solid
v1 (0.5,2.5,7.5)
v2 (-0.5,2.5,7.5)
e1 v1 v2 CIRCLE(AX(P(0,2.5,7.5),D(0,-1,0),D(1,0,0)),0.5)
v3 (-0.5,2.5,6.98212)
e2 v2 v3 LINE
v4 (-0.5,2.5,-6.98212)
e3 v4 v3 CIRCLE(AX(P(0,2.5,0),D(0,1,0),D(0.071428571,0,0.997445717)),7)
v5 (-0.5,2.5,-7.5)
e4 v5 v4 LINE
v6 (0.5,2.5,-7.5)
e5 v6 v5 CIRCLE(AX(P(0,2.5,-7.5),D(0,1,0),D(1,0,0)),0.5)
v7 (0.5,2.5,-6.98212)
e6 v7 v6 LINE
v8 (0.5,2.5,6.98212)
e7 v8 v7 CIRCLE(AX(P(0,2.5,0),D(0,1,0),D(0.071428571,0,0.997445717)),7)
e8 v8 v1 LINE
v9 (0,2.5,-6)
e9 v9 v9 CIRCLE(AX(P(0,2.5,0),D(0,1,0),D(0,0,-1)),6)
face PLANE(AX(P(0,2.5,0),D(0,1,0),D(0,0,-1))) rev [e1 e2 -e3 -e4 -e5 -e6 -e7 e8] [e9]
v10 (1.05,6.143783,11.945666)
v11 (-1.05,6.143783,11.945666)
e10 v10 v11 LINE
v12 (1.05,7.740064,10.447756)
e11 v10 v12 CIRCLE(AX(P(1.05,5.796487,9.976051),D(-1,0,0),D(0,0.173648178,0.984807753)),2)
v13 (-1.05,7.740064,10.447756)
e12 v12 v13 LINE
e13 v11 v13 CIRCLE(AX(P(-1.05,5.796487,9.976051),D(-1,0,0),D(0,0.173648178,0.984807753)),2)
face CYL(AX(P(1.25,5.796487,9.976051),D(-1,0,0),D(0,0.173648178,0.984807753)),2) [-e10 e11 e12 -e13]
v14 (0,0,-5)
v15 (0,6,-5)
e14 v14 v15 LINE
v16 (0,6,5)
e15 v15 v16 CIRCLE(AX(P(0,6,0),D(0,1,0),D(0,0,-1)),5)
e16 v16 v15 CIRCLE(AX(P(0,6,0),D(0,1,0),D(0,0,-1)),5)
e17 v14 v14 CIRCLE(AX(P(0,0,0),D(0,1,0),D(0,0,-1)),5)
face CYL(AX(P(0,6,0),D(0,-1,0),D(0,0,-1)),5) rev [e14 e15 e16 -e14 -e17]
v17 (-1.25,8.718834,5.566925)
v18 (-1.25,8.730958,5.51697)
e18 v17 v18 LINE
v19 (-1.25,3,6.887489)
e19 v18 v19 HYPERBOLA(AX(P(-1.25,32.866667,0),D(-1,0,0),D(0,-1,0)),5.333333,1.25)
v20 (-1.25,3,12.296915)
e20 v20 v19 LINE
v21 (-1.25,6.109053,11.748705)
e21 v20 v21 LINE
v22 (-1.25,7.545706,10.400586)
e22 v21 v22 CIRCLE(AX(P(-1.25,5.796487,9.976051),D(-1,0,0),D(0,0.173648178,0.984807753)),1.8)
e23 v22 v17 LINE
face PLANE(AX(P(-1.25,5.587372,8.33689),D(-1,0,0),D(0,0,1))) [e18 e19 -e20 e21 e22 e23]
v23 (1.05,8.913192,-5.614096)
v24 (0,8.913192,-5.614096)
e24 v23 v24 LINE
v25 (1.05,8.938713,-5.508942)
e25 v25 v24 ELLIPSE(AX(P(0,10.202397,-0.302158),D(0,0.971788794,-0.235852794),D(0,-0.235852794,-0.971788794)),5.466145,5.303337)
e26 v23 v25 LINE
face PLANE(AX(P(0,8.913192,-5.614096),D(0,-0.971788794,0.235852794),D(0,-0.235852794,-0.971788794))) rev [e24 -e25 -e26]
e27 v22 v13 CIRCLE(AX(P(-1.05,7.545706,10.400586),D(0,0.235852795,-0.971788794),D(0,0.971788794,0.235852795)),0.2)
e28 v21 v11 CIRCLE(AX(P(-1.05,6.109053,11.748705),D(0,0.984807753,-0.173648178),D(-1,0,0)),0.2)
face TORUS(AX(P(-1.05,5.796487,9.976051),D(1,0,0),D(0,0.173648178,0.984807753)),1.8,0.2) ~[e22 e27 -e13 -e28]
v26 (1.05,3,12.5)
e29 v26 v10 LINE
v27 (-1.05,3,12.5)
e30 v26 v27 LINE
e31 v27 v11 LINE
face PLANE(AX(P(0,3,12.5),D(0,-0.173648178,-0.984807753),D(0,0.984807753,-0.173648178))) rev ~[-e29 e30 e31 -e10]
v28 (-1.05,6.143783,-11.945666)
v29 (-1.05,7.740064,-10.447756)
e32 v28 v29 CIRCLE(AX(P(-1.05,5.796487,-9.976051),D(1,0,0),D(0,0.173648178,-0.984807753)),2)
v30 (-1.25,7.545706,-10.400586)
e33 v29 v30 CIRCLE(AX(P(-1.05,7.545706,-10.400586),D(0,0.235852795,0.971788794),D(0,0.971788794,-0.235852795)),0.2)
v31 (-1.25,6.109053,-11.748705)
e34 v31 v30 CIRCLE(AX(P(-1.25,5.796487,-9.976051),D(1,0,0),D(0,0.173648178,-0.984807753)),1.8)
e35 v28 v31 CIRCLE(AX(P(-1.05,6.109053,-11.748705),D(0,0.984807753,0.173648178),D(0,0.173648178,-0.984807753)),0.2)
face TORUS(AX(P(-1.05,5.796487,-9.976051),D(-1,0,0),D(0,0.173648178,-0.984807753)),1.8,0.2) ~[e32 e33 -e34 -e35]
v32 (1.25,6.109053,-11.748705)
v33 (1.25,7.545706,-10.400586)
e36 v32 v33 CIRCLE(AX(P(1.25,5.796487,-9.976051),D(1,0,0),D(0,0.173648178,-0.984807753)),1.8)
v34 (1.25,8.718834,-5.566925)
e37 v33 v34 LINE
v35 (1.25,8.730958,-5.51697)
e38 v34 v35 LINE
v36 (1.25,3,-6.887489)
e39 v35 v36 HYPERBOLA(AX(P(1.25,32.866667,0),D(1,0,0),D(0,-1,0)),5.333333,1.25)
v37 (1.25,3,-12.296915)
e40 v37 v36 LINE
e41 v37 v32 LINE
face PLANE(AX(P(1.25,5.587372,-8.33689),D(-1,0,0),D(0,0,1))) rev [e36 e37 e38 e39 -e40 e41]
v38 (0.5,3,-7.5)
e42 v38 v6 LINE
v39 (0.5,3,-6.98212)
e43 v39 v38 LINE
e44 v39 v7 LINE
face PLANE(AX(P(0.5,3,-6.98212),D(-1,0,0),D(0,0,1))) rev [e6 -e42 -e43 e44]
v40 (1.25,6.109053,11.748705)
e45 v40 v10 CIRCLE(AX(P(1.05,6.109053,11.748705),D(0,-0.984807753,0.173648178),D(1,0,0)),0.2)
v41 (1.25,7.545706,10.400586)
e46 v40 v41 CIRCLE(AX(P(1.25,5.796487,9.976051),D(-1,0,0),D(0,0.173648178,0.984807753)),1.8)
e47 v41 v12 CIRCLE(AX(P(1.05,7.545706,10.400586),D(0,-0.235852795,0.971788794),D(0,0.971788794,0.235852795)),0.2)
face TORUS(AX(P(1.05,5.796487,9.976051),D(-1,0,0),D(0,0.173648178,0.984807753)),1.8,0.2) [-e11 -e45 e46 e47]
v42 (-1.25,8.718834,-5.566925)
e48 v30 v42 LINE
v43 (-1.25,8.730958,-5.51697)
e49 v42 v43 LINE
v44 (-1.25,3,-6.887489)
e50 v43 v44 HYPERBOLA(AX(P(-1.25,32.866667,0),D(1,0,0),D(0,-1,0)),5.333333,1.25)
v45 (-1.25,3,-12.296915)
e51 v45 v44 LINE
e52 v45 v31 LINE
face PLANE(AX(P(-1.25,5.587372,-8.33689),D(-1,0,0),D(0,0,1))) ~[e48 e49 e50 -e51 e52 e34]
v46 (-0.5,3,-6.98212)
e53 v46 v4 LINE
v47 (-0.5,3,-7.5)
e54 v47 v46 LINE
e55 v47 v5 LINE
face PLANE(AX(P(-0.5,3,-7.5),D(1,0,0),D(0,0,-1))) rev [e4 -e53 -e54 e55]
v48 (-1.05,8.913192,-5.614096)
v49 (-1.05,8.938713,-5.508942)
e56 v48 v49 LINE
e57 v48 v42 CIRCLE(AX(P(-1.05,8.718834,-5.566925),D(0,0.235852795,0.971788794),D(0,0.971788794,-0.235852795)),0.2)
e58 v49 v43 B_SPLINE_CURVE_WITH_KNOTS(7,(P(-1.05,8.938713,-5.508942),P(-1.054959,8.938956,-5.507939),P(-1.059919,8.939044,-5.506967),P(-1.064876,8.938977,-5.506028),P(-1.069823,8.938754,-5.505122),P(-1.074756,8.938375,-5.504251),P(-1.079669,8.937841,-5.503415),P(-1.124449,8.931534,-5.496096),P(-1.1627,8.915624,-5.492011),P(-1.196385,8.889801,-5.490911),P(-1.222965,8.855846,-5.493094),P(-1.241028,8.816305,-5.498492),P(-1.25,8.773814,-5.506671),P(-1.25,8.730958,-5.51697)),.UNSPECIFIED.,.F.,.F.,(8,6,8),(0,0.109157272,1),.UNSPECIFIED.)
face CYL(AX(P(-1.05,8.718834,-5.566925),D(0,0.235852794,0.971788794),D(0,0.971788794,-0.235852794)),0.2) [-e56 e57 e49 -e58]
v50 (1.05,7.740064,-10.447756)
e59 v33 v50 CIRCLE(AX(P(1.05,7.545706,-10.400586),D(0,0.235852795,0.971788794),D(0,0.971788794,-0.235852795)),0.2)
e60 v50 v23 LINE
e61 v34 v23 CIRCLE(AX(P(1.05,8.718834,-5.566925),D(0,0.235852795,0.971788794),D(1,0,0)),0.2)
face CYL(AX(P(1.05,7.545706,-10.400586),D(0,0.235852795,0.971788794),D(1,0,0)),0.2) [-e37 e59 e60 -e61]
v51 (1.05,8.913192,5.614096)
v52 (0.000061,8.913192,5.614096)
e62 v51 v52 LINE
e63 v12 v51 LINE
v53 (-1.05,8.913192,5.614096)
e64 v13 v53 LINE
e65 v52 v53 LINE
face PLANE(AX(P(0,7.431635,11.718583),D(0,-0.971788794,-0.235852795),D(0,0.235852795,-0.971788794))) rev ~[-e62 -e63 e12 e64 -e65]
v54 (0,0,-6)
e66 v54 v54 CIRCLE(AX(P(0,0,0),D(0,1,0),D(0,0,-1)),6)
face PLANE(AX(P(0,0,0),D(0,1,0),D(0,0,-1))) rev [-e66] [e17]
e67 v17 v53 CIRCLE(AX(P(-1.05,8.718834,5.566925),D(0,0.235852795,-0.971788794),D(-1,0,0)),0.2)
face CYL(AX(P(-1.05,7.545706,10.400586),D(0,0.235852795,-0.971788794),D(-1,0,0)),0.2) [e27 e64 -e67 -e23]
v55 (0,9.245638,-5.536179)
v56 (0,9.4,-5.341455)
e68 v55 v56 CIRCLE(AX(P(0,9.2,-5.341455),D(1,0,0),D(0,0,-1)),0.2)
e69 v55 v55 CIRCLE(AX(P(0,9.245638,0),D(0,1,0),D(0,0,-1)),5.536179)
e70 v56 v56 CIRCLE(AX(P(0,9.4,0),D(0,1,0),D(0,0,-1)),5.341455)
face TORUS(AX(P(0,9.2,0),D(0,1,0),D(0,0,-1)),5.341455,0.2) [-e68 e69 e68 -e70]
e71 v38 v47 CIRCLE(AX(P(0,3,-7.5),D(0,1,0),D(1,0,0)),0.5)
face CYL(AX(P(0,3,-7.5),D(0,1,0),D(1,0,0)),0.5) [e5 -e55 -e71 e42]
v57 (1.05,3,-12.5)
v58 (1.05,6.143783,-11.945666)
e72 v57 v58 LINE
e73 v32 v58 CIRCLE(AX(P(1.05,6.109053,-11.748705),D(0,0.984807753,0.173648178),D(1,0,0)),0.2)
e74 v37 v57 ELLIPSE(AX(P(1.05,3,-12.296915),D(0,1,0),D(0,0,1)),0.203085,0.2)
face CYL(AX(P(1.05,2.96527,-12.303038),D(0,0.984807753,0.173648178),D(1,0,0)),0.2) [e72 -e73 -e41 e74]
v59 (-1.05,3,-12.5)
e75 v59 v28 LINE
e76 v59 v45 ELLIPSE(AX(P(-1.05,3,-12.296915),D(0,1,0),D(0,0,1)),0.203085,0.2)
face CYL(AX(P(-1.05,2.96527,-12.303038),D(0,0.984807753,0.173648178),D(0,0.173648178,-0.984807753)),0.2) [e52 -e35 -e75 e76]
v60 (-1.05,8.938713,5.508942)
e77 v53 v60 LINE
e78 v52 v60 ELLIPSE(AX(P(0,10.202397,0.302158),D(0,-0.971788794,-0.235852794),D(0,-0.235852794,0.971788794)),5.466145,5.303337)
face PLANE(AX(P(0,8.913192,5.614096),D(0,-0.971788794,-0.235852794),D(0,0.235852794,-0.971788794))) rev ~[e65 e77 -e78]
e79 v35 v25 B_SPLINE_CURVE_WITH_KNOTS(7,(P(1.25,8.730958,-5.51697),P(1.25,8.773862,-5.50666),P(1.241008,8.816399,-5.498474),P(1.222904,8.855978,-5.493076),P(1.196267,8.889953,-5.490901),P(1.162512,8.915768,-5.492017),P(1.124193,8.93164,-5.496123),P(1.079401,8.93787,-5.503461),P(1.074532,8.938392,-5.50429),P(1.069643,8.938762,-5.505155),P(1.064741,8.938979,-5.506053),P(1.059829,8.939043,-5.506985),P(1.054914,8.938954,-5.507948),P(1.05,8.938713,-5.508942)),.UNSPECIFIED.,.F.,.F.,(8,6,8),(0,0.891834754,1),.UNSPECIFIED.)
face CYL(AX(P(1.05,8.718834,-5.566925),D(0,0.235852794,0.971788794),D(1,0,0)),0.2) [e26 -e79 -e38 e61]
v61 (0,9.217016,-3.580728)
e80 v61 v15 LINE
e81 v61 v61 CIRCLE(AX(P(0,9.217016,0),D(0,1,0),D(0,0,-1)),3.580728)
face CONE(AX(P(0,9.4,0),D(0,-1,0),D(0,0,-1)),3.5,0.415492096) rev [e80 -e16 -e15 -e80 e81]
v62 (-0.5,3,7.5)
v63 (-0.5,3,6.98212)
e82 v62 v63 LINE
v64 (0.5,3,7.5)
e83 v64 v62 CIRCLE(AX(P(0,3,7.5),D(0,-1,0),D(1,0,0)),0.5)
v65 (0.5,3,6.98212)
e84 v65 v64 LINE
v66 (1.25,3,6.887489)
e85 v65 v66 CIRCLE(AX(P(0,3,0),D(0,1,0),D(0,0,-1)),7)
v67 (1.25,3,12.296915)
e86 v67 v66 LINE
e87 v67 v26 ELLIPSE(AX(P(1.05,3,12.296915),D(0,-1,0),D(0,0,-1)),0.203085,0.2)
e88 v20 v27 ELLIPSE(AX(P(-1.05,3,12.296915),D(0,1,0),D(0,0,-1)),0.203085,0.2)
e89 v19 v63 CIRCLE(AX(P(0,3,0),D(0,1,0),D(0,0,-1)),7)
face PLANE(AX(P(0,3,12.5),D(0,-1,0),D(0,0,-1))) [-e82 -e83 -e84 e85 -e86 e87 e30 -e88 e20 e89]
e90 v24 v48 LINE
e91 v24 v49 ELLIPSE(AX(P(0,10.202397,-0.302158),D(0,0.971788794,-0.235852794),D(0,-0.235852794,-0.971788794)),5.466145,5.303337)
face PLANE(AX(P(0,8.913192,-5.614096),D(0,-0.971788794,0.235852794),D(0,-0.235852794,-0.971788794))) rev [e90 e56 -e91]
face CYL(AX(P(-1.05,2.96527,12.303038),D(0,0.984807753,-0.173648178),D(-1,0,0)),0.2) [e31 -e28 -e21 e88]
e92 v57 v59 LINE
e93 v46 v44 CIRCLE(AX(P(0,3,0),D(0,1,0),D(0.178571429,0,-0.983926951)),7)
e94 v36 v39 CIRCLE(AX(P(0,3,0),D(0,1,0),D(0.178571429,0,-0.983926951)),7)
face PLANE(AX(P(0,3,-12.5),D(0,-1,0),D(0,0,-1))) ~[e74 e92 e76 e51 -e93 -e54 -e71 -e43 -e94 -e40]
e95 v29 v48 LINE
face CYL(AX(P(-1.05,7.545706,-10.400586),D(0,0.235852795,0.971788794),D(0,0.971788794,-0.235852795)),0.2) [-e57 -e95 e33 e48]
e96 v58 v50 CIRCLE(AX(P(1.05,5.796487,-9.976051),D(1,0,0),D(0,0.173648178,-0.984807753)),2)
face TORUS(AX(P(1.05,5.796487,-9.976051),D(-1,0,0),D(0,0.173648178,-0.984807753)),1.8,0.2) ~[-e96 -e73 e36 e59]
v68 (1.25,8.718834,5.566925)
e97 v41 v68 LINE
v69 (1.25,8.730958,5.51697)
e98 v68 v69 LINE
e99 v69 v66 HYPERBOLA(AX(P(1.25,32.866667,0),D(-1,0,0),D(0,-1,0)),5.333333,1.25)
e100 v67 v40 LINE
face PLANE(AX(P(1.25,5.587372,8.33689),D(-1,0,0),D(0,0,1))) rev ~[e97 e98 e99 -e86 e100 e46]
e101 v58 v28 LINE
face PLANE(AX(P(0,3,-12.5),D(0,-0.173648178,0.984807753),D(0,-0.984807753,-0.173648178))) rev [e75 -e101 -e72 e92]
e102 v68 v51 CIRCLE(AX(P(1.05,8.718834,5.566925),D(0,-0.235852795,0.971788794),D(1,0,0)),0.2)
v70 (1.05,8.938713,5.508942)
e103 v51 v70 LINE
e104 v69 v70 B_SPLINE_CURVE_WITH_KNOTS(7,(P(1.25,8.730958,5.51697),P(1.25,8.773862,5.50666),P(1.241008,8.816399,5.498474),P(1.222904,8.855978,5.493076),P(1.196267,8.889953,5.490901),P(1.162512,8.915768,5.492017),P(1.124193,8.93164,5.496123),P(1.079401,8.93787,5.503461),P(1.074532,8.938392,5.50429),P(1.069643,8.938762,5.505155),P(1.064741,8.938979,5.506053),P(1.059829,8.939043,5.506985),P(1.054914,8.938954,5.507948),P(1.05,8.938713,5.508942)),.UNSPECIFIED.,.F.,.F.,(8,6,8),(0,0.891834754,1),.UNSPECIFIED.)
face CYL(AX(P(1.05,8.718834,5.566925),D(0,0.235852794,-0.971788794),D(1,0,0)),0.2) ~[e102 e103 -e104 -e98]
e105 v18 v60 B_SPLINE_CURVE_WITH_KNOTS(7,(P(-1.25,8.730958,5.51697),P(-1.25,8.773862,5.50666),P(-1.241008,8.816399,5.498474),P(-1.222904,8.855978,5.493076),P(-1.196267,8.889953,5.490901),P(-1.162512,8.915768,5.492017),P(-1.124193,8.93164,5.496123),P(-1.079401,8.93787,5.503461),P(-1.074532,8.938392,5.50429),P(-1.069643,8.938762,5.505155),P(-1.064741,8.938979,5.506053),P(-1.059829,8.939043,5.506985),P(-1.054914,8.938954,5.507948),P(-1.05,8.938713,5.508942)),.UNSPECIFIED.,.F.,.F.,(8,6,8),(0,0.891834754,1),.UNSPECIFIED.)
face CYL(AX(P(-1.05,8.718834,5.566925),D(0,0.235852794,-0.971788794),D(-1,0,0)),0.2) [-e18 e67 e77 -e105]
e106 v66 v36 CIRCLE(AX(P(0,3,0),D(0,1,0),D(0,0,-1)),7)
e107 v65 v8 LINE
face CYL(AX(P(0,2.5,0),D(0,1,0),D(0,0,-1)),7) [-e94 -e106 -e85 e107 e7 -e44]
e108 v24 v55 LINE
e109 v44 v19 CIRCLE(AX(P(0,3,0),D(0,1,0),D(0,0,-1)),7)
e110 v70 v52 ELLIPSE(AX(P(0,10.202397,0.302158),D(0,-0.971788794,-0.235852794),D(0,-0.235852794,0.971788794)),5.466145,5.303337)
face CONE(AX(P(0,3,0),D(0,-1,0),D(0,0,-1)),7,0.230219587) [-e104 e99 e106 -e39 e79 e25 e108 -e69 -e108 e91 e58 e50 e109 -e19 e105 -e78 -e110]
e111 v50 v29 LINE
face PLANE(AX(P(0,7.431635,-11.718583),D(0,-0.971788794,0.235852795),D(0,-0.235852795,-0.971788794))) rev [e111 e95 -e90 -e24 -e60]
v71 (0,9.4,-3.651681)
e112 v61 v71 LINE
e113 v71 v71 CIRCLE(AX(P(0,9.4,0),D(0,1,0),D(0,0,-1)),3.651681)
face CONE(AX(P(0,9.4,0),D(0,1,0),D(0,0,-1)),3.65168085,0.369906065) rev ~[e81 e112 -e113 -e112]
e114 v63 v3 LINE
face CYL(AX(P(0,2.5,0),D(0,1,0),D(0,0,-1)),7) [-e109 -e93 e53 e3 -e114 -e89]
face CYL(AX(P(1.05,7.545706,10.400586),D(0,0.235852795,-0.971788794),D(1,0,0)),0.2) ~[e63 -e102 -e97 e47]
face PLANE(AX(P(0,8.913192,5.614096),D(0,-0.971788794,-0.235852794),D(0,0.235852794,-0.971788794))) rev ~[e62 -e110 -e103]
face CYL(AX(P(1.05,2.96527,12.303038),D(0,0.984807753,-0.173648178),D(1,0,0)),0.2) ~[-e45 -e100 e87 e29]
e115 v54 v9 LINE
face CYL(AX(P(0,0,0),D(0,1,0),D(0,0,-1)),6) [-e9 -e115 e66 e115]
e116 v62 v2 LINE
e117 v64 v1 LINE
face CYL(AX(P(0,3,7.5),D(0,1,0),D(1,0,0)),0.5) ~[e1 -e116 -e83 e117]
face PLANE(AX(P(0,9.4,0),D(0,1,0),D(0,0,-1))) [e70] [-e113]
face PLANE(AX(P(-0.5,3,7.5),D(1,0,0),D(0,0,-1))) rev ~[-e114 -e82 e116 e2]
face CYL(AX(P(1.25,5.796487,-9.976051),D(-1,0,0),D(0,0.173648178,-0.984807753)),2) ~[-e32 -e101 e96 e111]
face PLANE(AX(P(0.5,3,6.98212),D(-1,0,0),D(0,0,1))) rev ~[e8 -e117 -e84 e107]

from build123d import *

# Parameters (mm, degrees)
EXTRUDE_1_DEPTH        = 1.25
EXTRUDE_2_DEPTH        = 0.5
FILLET_1_R             = 2
FILLET_1_OF_MIRROR_1_R = 2
FILLET_2_R             = 0.2
CHAMFER_1_SIZE         = 0.2
CHAMFER_1_SIZE2        = 0.15168085


with BuildPart() as part:
    # 草图1 → 旋转1 (revolve)
    with BuildSketch(Plane.XY):
        Polygon((6, 0), (6, 2.5), (7, 2.5), (7, 3), (5.5, 9.4), (3.5, 9.4), (5, 6), (5, 0), align=None)
    revolve(axis=Axis((0, 0, 0), (0, 1, 0)))

    # 草图2 → 凸台-拉伸1 (add, symmetric)
    with BuildSketch(Plane(origin=(0, 0, 0), x_dir=(0, 0, -1), z_dir=(1, 0, 0))):
        Polygon((-7, 3), (-12.5, 3), (-11.7185832, 7.431634889), (-5.614095661, 8.913191845), (-5, 9.062232643), (-5, 3), align=None)
    extrude_1 = extrude(amount=EXTRUDE_1_DEPTH, both=True)

    # 草图3 → 凸台-拉伸2 (add)
    with BuildSketch(Plane.XZ.offset(-3)):
        with BuildLine():
            Line((-0.5, 7.5), (-0.5, 6.982120022))
            ThreePointArc((-0.5, 6.982120022), (0, 7), (0.5, 6.982120022))
            Line((0.5, 6.982120022), (0.5, 7.5))
            ThreePointArc((0.5, 7.5), (0, 8), (-0.5, 7.5))
        make_face()
    extrude_2 = extrude(amount=EXTRUDE_2_DEPTH)

    # 圆角1
    fillet_1_edges = [part.edges().sort_by_distance(p)[0] for p in [
        (0, 7.431634889, 11.7185832),
    ]]
    fillet(fillet_1_edges, radius=FILLET_1_R)

    # 镜向1: 凸台-拉伸1, 凸台-拉伸2 across plane
    add(extrude_1.mirror(Plane.XY))
    add(extrude_2.mirror(Plane.XY))

    # 圆角1 of 镜向1
    fillet_1_of_mirror_1_edges = [part.edges().sort_by_distance(p)[0] for p in [
        (0, 7.431634889, -11.7185832),
    ]]
    fillet(fillet_1_of_mirror_1_edges, radius=FILLET_1_OF_MIRROR_1_R)

    # 圆角2
    fillet_2_edges = [part.edges().sort_by_distance(p)[0] for p in [
        (-1.25, 4.571891442, -12.222833128),
        (-1.25, 7.165047592, -11.434488481),
        (1.25, 4.571891442, -12.222833128),
        (1.25, 7.165047592, -11.434488481),
        (-1.25, 4.571891442, 12.222833128),
        (-1.25, 7.165047592, 11.434488481),
        (1.25, 4.571891442, 12.222833128),
        (1.25, 7.165047592, 11.434488481),
        (-1.25, 8.344789205, -7.956095957),
        (1.25, 8.344789205, -7.956095957),
        (-1.25, 8.344789205, 7.956095957),
        (1.25, 8.344789205, 7.956095957),
        (-5.5, 9.4, 0),
    ]]
    fillet(fillet_2_edges, radius=FILLET_2_R)

    # 倒角1
    chamfer_1_edges = [part.edges().sort_by_distance(p)[0] for p in [
        (-3.5, 9.4, 0),
    ]]
    chamfer_1_side = [part.faces().sort_by_distance(p)[0] for p in [
        (-4.25, 7.7, 0),
    ]]
    chamfer(chamfer_1_edges, length=CHAMFER_1_SIZE, length2=CHAMFER_1_SIZE2, reference=chamfer_1_side[0])


solid = part.part
